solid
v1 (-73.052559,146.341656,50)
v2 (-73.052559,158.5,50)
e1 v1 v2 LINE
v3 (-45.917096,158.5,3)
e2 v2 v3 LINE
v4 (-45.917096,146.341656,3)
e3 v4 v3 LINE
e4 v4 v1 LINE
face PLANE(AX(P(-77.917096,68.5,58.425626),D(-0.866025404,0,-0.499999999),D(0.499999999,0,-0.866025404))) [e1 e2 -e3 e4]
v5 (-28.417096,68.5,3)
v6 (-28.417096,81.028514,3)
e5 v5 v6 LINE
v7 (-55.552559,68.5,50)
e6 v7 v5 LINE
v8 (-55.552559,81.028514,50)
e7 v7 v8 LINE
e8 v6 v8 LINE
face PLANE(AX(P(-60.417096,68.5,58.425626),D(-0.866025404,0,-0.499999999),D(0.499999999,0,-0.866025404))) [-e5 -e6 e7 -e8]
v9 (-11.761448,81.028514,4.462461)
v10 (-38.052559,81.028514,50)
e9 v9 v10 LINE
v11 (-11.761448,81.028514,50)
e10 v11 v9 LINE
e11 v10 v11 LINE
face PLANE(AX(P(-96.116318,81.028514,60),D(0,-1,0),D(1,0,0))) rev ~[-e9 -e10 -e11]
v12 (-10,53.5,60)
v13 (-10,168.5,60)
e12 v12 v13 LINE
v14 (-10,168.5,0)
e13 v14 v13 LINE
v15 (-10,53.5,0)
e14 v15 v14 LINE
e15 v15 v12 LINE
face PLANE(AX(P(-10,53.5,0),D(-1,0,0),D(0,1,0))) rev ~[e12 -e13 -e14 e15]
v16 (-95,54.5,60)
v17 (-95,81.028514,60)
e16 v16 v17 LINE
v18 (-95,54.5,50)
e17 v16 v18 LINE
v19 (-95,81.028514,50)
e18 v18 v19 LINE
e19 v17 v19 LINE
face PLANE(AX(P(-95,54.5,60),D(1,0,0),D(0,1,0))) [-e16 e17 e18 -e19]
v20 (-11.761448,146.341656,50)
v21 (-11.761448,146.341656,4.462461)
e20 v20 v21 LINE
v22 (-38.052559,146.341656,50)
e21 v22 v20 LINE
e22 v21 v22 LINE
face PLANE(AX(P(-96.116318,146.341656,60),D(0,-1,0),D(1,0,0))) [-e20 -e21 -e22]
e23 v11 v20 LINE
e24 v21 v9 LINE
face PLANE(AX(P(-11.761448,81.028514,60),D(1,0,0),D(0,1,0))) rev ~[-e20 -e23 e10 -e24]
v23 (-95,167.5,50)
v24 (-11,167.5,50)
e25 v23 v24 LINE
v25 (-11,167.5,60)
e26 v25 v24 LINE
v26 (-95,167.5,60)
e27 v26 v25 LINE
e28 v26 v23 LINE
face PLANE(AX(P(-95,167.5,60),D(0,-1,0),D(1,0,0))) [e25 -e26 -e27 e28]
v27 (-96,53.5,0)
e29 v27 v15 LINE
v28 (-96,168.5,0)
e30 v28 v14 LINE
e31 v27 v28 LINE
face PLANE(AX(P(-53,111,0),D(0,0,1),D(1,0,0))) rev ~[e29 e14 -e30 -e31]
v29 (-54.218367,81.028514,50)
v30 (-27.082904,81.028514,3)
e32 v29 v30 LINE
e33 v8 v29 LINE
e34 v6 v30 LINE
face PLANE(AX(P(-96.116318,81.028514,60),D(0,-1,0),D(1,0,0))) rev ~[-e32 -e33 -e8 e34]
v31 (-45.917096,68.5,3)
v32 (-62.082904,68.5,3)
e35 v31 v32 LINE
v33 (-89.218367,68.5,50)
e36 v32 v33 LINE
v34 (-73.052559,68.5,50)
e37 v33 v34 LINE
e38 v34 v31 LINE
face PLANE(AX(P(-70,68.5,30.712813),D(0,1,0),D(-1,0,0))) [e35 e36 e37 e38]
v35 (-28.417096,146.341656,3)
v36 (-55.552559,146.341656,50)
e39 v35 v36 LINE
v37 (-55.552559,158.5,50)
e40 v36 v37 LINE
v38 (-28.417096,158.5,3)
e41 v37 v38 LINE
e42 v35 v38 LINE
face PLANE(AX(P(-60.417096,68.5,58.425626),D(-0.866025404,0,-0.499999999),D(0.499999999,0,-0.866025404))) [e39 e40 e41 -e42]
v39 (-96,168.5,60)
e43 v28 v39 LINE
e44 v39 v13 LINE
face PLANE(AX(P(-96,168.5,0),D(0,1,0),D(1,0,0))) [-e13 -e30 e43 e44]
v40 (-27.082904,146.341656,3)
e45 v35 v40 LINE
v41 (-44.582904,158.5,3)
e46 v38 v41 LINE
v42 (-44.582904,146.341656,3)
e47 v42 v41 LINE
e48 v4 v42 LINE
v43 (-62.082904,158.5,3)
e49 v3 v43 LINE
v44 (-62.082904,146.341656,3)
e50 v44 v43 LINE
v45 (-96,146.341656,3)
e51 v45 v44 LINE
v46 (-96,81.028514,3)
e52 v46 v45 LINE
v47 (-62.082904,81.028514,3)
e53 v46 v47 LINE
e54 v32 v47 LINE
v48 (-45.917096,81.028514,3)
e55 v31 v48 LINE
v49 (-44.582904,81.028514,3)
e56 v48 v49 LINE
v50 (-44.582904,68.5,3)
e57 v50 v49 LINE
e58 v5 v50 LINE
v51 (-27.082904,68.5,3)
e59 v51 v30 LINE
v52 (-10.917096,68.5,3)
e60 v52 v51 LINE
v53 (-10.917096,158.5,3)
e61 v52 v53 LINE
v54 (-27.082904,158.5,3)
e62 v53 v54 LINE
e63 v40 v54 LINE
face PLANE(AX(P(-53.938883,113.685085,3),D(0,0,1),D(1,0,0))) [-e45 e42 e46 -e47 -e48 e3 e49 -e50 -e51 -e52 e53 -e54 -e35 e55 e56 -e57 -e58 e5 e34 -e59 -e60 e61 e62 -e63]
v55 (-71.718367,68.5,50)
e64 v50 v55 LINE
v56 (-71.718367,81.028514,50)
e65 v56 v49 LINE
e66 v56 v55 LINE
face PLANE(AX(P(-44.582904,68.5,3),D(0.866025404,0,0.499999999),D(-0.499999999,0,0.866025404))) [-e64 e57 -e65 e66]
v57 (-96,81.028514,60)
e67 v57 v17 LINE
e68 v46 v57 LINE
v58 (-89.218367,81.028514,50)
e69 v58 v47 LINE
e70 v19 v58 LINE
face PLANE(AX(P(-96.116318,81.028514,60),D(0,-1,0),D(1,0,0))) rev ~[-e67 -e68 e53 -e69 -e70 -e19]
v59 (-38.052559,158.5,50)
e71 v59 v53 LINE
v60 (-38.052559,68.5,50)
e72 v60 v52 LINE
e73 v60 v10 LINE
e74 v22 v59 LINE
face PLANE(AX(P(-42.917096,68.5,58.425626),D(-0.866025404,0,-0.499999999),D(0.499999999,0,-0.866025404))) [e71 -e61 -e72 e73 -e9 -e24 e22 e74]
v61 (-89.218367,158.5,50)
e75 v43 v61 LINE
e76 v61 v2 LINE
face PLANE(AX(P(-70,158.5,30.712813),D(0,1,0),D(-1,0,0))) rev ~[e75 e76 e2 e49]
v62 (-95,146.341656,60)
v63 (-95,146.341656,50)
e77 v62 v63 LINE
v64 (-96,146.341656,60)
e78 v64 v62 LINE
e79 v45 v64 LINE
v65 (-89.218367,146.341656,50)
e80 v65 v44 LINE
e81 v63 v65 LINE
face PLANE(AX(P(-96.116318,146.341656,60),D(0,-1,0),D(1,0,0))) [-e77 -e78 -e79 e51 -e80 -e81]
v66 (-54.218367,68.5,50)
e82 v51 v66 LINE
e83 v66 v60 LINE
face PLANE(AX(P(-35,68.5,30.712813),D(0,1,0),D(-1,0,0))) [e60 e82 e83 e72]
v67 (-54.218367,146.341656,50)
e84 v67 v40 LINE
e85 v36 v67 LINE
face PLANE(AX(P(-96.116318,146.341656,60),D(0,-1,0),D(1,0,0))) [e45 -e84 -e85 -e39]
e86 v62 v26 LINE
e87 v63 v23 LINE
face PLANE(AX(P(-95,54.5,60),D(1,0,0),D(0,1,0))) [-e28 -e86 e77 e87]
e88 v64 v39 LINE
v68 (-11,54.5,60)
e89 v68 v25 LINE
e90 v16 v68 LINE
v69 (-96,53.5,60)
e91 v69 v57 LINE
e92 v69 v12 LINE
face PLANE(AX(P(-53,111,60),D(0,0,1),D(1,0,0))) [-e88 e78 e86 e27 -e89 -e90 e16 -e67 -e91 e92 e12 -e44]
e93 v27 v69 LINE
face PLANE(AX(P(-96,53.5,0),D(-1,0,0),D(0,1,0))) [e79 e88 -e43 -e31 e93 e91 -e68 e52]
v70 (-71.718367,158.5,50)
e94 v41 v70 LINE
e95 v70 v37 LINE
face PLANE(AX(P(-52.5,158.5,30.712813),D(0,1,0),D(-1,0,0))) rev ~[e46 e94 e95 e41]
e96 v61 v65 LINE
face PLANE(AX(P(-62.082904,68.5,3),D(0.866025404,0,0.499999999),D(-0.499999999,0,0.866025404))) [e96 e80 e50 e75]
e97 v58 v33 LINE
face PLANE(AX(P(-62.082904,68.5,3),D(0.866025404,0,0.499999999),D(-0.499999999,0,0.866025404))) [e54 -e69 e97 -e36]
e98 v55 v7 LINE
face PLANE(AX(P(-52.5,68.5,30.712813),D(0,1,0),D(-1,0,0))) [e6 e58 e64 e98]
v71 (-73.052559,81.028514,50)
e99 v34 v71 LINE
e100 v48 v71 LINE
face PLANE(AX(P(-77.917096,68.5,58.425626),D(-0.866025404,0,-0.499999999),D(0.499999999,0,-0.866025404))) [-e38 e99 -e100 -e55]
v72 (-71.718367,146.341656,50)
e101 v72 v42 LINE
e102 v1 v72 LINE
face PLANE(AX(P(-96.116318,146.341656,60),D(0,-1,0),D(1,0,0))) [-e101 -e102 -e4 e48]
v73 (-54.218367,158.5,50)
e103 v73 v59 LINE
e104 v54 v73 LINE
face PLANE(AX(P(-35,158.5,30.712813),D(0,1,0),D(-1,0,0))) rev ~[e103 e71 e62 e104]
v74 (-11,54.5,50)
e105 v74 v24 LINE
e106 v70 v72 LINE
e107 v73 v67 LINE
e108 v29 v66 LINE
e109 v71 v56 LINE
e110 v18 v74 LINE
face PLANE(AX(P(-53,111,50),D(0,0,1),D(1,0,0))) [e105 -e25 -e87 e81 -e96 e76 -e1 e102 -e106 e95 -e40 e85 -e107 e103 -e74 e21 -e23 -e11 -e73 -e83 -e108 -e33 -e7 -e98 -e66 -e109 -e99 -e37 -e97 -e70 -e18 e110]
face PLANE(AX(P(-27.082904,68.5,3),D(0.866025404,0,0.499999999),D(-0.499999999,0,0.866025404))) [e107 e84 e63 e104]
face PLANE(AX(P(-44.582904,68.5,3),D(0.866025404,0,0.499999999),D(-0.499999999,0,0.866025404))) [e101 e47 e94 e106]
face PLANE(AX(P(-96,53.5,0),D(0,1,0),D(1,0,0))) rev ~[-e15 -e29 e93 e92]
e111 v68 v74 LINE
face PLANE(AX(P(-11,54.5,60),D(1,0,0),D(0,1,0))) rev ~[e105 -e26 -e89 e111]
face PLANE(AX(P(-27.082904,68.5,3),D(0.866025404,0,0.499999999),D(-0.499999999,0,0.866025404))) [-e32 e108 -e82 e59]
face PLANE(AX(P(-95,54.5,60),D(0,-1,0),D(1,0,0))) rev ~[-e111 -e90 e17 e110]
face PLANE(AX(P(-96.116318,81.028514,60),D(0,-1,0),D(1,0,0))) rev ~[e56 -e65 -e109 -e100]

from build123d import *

# Parameters (mm, degrees)
SKETCH018_W            = 86
SKETCH018_H            = 115
PAD009_DEPTH           = 60
POCKET008_DEPTH        = 90
LINEARPATTERN005_COUNT = 3
LINEARPATTERN005_PITCH = 17.5
SKETCH020_W            = 84
SKETCH020_H            = 113
POCKET009_DEPTH        = 10
SKETCH021_W            = 84.35487
SKETCH021_H            = 65.313143
POCKET010_DEPTH        = 57


with BuildPart() as part:
    # Sketch018 → Pad009 (new body)
    with BuildSketch(Plane.XY):
        Rectangle(SKETCH018_W, SKETCH018_H)
    extrude(amount=PAD009_DEPTH)

    # Sketch019 (on DatumPlane) → Pocket008 (cut)
    with BuildSketch(Plane(origin=(34, -42.5, 3), x_dir=(1, 0, 0), z_dir=(0, -1, 0))):
        Polygon((-40.082904, 55.425626), (-23.917096, 55.425626), (8.082904, 0), (-8.082904, 0), align=None)
    pocket008 = extrude(amount=-POCKET008_DEPTH, mode=Mode.SUBTRACT)

    # LinearPattern005: Pocket008 ×3
    with Locations(*[(-i * LINEARPATTERN005_PITCH, 0, 0) for i in range(1, LINEARPATTERN005_COUNT)]):
        add(pocket008, mode=Mode.SUBTRACT)

    # Sketch020 (on DatumPlane) → Pocket009 (cut)
    with BuildSketch(Plane.XY.offset(60)):
        Rectangle(SKETCH020_W, SKETCH020_H)
    extrude(amount=-POCKET009_DEPTH, mode=Mode.SUBTRACT)

    # Sketch021 (on DatumPlane) → Pocket010 (cut)
    with BuildSketch(Plane.XY.offset(60)):
        with Locations((-0.938883, 2.685085)):
            Rectangle(SKETCH021_W, SKETCH021_H)
    extrude(amount=-POCKET010_DEPTH, mode=Mode.SUBTRACT)


with BuildPart() as part_1:
    # Body007 placement: moved
    add(part.part.moved(Location((-53, 111, 0))))


solid = part_1.part
